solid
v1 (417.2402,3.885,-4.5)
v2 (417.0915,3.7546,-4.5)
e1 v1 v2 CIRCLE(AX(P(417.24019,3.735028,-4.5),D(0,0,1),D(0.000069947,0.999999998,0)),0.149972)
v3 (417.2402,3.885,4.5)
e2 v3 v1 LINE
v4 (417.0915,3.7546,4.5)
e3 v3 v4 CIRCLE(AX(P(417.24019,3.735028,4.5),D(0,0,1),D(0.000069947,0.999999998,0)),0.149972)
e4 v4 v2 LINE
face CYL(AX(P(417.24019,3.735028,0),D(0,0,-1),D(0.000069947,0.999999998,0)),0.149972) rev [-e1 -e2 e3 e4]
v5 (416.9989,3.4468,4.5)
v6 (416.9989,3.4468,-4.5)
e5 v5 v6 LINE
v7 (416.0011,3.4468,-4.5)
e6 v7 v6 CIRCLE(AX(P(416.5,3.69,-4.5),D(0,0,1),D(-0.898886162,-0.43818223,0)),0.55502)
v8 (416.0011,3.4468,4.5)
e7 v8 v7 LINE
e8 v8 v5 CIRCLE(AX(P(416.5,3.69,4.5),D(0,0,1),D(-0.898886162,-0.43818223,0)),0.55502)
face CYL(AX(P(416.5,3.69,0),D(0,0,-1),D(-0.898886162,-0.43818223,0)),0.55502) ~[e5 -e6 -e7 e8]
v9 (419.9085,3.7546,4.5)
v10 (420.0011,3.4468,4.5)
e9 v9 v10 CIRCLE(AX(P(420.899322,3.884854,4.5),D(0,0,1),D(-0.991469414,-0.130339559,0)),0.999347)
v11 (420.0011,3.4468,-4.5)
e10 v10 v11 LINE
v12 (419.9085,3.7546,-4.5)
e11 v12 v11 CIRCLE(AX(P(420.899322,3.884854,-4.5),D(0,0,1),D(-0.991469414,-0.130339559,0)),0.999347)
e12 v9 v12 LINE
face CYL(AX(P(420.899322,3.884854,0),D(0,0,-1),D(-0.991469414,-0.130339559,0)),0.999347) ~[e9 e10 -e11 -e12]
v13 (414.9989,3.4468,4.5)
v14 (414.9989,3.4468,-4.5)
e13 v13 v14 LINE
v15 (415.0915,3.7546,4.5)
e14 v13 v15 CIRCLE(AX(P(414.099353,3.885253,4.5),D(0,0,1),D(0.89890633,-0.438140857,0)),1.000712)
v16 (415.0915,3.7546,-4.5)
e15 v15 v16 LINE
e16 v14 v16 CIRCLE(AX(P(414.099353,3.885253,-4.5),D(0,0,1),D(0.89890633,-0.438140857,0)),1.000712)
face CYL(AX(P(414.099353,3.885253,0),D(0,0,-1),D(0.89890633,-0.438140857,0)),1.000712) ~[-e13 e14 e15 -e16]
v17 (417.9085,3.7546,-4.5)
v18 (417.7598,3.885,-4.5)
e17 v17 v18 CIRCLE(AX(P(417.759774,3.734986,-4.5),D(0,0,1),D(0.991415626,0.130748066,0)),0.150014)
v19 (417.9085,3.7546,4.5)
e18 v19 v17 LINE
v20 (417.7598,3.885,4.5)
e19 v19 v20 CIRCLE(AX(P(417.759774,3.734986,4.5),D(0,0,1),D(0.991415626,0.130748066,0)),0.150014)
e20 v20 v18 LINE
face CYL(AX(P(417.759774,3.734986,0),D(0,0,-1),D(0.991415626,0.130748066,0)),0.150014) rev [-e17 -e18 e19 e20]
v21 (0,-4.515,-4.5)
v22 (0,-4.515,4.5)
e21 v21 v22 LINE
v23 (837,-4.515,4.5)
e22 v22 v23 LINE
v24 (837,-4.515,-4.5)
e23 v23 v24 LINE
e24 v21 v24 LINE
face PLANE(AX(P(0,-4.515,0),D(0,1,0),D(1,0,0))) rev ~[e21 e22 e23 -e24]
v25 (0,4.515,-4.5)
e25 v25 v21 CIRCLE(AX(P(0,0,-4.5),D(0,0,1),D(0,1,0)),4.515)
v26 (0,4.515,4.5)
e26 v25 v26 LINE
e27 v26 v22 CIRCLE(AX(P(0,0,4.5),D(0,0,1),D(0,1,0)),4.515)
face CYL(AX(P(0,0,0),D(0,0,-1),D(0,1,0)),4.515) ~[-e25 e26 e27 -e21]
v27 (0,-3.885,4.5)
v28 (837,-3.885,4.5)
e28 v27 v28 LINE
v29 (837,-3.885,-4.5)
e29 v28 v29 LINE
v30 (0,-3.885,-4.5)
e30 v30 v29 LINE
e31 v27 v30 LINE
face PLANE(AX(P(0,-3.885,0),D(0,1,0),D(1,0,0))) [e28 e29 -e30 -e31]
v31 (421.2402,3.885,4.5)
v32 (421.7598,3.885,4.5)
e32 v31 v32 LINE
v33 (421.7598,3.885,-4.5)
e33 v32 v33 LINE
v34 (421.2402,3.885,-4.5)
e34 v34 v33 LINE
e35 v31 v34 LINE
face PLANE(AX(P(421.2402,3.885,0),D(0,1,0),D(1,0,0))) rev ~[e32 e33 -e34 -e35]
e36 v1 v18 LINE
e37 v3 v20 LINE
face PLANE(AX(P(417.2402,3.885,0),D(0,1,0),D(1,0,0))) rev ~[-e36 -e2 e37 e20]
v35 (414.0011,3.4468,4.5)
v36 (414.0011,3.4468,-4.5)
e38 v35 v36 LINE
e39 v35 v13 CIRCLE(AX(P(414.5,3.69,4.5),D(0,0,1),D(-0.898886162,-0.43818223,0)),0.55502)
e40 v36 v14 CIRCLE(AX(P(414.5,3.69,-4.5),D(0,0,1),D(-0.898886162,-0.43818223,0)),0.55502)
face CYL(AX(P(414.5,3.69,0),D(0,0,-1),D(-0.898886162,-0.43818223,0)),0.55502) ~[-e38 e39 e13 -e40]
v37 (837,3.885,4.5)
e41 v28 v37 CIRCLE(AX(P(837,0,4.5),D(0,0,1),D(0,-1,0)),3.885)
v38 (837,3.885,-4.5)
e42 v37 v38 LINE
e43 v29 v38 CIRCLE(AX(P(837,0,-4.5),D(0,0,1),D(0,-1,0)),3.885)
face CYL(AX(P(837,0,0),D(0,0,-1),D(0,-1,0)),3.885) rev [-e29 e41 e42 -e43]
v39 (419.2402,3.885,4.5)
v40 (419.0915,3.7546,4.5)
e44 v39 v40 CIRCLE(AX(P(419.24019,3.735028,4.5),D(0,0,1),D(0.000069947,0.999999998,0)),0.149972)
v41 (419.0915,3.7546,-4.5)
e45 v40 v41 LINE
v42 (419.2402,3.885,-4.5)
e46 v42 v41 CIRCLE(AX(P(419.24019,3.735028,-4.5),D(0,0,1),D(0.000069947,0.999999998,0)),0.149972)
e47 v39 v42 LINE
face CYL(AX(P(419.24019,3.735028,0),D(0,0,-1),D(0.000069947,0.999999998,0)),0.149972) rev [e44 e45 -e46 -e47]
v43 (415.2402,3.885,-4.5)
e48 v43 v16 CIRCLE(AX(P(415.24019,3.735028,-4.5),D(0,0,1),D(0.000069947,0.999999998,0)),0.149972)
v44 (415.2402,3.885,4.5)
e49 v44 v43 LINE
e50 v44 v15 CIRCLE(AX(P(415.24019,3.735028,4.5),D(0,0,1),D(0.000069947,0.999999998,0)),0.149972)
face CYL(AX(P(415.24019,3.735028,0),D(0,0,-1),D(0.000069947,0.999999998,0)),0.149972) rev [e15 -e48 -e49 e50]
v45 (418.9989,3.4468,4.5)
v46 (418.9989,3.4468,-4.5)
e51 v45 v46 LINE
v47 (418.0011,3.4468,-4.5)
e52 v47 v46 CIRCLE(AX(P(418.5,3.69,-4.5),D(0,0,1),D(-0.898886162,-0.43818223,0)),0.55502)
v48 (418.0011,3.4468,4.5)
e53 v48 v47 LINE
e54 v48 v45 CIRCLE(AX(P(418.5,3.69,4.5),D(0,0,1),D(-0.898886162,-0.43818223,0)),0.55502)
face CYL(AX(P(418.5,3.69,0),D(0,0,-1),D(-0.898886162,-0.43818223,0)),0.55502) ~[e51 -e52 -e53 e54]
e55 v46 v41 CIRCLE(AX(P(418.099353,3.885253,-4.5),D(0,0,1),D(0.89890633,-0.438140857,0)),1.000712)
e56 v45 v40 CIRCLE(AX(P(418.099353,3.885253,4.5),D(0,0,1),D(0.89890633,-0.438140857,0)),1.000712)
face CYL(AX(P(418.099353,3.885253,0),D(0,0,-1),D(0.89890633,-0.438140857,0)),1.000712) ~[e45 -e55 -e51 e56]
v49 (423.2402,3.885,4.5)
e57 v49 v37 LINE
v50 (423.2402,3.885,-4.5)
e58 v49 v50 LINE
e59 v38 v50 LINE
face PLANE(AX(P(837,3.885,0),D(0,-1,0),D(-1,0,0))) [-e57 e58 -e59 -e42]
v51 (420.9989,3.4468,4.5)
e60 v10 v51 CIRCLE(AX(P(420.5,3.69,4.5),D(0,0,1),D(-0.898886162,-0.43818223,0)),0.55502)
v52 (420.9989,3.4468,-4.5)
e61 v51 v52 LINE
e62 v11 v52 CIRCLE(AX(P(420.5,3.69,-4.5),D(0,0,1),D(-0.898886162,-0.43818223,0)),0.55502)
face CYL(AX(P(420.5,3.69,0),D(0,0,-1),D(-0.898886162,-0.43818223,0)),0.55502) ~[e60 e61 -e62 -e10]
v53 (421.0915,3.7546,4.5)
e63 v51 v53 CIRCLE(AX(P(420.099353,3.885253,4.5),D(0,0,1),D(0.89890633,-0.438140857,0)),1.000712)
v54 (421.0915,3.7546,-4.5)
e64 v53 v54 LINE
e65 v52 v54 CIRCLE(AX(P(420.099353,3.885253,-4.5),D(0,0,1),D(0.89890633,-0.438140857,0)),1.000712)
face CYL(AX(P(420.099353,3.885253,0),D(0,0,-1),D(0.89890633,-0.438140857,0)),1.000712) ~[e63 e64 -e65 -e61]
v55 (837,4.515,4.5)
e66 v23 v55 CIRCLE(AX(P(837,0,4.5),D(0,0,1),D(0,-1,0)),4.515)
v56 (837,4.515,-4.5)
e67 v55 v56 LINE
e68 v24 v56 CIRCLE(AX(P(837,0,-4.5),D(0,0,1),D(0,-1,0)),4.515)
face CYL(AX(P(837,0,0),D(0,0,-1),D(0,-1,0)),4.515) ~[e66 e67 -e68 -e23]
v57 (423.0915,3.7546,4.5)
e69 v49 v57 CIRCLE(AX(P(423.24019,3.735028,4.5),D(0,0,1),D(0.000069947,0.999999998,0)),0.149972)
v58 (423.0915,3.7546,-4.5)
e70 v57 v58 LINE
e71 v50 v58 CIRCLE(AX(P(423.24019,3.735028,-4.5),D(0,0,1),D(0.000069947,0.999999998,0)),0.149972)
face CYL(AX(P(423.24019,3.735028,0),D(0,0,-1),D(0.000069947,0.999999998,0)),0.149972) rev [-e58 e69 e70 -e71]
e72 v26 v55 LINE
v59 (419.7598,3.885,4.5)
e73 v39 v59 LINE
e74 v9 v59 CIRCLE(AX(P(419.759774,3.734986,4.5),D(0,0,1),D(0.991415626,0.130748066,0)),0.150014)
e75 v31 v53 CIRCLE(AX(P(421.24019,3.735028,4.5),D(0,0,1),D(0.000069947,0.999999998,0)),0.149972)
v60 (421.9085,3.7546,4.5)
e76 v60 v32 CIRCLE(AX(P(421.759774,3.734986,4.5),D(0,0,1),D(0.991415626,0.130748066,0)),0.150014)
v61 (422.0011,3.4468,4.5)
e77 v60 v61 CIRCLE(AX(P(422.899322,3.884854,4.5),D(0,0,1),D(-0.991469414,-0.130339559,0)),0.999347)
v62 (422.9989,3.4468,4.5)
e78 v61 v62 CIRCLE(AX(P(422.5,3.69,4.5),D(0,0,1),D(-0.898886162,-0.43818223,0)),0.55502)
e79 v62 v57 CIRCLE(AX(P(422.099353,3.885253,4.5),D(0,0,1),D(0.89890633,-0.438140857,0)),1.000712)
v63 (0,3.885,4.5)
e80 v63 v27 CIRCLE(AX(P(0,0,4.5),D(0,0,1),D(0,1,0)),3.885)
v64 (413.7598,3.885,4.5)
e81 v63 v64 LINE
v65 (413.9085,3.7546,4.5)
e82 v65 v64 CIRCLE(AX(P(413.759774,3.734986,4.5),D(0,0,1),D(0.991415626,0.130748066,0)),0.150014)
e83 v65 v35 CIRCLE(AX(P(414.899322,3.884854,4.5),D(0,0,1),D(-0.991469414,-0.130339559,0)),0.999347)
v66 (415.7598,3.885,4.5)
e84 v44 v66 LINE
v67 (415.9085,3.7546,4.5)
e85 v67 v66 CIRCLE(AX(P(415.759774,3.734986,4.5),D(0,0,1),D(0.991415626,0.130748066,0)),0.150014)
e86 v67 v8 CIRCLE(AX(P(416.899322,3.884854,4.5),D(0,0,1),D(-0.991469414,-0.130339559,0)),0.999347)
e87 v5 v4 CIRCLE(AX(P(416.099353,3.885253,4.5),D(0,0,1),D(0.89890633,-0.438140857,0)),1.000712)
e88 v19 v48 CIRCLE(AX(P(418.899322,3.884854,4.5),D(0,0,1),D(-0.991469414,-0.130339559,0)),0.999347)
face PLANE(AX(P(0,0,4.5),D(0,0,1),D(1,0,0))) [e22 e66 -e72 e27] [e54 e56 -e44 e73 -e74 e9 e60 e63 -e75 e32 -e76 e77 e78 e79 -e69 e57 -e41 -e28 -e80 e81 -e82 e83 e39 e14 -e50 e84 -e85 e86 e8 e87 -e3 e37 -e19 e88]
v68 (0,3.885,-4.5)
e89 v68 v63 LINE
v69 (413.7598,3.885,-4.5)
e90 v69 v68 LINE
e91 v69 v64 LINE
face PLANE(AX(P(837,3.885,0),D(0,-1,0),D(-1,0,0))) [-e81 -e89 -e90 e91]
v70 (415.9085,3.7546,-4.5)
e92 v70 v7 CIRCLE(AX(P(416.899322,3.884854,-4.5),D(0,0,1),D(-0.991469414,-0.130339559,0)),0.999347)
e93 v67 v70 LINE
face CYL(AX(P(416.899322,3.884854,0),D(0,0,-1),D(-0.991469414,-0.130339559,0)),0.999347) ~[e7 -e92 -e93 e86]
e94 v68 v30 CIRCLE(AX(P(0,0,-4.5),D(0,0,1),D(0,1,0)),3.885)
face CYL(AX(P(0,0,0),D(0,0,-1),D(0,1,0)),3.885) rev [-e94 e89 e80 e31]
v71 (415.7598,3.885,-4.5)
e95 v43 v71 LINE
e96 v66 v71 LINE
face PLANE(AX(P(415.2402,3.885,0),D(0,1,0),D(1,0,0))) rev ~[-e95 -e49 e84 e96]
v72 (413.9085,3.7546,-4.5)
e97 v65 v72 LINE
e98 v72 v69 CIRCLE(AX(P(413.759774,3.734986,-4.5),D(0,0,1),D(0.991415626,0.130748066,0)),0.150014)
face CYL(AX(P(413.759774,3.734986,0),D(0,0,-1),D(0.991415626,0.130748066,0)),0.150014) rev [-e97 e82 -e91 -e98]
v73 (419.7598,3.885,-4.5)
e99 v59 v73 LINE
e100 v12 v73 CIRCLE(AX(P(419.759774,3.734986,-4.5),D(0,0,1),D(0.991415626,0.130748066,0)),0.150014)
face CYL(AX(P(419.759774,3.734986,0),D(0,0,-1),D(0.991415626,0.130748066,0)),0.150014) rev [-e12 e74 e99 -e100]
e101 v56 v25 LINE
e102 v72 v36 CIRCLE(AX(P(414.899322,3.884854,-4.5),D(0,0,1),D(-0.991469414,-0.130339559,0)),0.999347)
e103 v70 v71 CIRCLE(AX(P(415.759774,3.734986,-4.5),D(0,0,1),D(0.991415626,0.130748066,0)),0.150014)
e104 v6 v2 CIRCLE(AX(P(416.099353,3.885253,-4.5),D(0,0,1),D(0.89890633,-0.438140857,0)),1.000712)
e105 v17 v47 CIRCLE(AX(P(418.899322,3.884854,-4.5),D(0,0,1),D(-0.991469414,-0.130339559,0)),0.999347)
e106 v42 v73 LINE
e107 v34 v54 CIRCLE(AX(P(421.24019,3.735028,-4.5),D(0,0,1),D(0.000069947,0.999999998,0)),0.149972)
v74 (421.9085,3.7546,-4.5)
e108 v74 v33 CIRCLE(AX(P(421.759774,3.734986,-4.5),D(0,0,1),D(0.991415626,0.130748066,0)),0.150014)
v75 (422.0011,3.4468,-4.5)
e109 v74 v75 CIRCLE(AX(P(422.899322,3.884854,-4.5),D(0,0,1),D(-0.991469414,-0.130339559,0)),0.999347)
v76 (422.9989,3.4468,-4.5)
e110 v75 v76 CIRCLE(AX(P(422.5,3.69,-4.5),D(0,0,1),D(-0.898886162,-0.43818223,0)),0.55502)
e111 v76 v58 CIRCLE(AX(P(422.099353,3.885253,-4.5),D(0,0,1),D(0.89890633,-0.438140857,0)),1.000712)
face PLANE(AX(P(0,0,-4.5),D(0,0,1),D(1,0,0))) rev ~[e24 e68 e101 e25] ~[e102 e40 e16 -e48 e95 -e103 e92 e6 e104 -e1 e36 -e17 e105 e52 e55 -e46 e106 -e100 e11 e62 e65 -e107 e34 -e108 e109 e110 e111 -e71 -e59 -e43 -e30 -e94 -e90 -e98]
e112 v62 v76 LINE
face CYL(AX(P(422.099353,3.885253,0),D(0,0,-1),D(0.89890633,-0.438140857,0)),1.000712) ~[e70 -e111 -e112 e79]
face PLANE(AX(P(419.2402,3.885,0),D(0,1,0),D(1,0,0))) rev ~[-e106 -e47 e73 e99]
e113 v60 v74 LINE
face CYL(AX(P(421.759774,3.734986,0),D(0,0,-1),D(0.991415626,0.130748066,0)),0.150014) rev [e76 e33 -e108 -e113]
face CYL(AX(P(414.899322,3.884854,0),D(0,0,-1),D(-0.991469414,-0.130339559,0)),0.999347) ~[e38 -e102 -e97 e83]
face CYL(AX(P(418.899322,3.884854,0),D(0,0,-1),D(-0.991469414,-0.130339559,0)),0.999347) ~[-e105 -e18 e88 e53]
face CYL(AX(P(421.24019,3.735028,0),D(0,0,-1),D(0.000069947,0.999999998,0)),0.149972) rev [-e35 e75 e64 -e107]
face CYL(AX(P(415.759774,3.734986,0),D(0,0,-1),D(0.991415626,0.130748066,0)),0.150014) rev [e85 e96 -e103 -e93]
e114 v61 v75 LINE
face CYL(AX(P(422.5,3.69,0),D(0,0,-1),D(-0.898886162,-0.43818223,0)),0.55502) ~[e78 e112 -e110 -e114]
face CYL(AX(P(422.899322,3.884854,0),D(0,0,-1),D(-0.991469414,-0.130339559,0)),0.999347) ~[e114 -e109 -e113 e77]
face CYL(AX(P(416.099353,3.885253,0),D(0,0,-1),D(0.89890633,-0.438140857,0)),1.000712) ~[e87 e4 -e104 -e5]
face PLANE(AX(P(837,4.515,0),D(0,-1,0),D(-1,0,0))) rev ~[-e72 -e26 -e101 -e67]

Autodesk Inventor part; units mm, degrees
ref_plane "YZ Plane" through (0, 0, 0) normal (1, 0, 0) x (0, 1, 0)
ref_plane "XZ Plane" through (0, 0, 0) normal (0, 1, 0) x (-1, 0, 0)
ref_plane "XY Plane" through (0, 0, 0) normal (0, 0, 1) x (1, 0, 0)
sketch "_____1" plane through (0, 0, 0) normal (0, 0, 1) x (1, 0, 0)
  arc A0 (0, 4.515) -> (0, -4.515) centre (0, 0) ccw
  line L0 (0, -4.515) -> (837, -4.515)
  arc A1 (837, -4.515) -> (837, 4.515) centre (837, 0) ccw
  line L1 (837, 4.515) -> (0, 4.515)
  arc A2 (0, 3.885) -> (0, -3.885) centre (0, 0) ccw
  line L2 (0, -3.885) -> (837, -3.885)
  arc A3 (837, -3.885) -> (837, 3.885) centre (837, 0) ccw
  line L3 (837, 3.885) -> (0, 3.885)
extrude "Extrusion1" add sketch "_____1" along normal mid plane 9
sketch "_____2" plane through (0, 0, 0) normal (0, 0, 1) x (1, 0, 0)
  line L0 (413.5, 4.515) -> (413.5, 3.885)
  line L1 (413.5, 3.885) -> (413.7598, 3.885)
  arc A0 (413.9085, 3.7546) -> (413.7598, 3.885) centre (413.7598, 3.735) ccw
  arc A1 (413.9085, 3.7546) -> (414.0011, 3.4468) centre (414.9, 3.885) ccw
  arc A2 (414.0011, 3.4468) -> (414.9989, 3.4468) centre (414.5, 3.69) ccw
  arc A3 (414.9989, 3.4468) -> (415.0915, 3.7546) centre (414.1, 3.885) ccw
  arc A4 (415.2402, 3.885) -> (415.0915, 3.7546) centre (415.2402, 3.735) ccw
  line L2 (415.2402, 3.885) -> (415.7598, 3.885)
  arc A5 (415.9085, 3.7546) -> (415.7598, 3.885) centre (415.7598, 3.735) ccw
  arc A6 (415.9085, 3.7546) -> (416.0011, 3.4468) centre (416.9, 3.885) ccw
  arc A7 (416.0011, 3.4468) -> (416.9989, 3.4468) centre (416.5, 3.69) ccw
  arc A8 (416.9989, 3.4468) -> (417.0915, 3.7546) centre (416.1, 3.885) ccw
  arc A9 (417.2402, 3.885) -> (417.0915, 3.7546) centre (417.2402, 3.735) ccw
  line L3 (417.2402, 3.885) -> (417.7598, 3.885)
  arc A10 (417.9085, 3.7546) -> (417.7598, 3.885) centre (417.7598, 3.735) ccw
  arc A11 (417.9085, 3.7546) -> (418.0011, 3.4468) centre (418.9, 3.885) ccw
  arc A12 (418.0011, 3.4468) -> (418.9989, 3.4468) centre (418.5, 3.69) ccw
  arc A13 (418.9989, 3.4468) -> (419.0915, 3.7546) centre (418.1, 3.885) ccw
  arc A14 (419.2402, 3.885) -> (419.0915, 3.7546) centre (419.2402, 3.735) ccw
  line L4 (419.2402, 3.885) -> (419.7598, 3.885)
  arc A15 (419.9085, 3.7546) -> (419.7598, 3.885) centre (419.7598, 3.735) ccw
  arc A16 (419.9085, 3.7546) -> (420.0011, 3.4468) centre (420.9, 3.885) ccw
  arc A17 (420.0011, 3.4468) -> (420.9989, 3.4468) centre (420.5, 3.69) ccw
  arc A18 (420.9989, 3.4468) -> (421.0915, 3.7546) centre (420.1, 3.885) ccw
  arc A19 (421.2402, 3.885) -> (421.0915, 3.7546) centre (421.2402, 3.735) ccw
  line L5 (421.2402, 3.885) -> (421.7598, 3.885)
  arc A20 (421.9085, 3.7546) -> (421.7598, 3.885) centre (421.7598, 3.735) ccw
  arc A21 (421.9085, 3.7546) -> (422.0011, 3.4468) centre (422.9, 3.885) ccw
  arc A22 (422.0011, 3.4468) -> (422.9989, 3.4468) centre (422.5, 3.69) ccw
  arc A23 (422.9989, 3.4468) -> (423.0915, 3.7546) centre (422.1, 3.885) ccw
  arc A24 (423.2402, 3.885) -> (423.0915, 3.7546) centre (423.2402, 3.735) ccw
  line L6 (423.2402, 3.885) -> (423.5, 3.885)
  line L7 (423.5, 3.885) -> (423.5, 4.515)
  line L8 (423.5, 4.515) -> (413.5, 4.515)
extrude "Extrusion2" add sketch "_____2" along normal mid plane 9
properties part number "GBN1700MR2-90_info-1-13-13"
